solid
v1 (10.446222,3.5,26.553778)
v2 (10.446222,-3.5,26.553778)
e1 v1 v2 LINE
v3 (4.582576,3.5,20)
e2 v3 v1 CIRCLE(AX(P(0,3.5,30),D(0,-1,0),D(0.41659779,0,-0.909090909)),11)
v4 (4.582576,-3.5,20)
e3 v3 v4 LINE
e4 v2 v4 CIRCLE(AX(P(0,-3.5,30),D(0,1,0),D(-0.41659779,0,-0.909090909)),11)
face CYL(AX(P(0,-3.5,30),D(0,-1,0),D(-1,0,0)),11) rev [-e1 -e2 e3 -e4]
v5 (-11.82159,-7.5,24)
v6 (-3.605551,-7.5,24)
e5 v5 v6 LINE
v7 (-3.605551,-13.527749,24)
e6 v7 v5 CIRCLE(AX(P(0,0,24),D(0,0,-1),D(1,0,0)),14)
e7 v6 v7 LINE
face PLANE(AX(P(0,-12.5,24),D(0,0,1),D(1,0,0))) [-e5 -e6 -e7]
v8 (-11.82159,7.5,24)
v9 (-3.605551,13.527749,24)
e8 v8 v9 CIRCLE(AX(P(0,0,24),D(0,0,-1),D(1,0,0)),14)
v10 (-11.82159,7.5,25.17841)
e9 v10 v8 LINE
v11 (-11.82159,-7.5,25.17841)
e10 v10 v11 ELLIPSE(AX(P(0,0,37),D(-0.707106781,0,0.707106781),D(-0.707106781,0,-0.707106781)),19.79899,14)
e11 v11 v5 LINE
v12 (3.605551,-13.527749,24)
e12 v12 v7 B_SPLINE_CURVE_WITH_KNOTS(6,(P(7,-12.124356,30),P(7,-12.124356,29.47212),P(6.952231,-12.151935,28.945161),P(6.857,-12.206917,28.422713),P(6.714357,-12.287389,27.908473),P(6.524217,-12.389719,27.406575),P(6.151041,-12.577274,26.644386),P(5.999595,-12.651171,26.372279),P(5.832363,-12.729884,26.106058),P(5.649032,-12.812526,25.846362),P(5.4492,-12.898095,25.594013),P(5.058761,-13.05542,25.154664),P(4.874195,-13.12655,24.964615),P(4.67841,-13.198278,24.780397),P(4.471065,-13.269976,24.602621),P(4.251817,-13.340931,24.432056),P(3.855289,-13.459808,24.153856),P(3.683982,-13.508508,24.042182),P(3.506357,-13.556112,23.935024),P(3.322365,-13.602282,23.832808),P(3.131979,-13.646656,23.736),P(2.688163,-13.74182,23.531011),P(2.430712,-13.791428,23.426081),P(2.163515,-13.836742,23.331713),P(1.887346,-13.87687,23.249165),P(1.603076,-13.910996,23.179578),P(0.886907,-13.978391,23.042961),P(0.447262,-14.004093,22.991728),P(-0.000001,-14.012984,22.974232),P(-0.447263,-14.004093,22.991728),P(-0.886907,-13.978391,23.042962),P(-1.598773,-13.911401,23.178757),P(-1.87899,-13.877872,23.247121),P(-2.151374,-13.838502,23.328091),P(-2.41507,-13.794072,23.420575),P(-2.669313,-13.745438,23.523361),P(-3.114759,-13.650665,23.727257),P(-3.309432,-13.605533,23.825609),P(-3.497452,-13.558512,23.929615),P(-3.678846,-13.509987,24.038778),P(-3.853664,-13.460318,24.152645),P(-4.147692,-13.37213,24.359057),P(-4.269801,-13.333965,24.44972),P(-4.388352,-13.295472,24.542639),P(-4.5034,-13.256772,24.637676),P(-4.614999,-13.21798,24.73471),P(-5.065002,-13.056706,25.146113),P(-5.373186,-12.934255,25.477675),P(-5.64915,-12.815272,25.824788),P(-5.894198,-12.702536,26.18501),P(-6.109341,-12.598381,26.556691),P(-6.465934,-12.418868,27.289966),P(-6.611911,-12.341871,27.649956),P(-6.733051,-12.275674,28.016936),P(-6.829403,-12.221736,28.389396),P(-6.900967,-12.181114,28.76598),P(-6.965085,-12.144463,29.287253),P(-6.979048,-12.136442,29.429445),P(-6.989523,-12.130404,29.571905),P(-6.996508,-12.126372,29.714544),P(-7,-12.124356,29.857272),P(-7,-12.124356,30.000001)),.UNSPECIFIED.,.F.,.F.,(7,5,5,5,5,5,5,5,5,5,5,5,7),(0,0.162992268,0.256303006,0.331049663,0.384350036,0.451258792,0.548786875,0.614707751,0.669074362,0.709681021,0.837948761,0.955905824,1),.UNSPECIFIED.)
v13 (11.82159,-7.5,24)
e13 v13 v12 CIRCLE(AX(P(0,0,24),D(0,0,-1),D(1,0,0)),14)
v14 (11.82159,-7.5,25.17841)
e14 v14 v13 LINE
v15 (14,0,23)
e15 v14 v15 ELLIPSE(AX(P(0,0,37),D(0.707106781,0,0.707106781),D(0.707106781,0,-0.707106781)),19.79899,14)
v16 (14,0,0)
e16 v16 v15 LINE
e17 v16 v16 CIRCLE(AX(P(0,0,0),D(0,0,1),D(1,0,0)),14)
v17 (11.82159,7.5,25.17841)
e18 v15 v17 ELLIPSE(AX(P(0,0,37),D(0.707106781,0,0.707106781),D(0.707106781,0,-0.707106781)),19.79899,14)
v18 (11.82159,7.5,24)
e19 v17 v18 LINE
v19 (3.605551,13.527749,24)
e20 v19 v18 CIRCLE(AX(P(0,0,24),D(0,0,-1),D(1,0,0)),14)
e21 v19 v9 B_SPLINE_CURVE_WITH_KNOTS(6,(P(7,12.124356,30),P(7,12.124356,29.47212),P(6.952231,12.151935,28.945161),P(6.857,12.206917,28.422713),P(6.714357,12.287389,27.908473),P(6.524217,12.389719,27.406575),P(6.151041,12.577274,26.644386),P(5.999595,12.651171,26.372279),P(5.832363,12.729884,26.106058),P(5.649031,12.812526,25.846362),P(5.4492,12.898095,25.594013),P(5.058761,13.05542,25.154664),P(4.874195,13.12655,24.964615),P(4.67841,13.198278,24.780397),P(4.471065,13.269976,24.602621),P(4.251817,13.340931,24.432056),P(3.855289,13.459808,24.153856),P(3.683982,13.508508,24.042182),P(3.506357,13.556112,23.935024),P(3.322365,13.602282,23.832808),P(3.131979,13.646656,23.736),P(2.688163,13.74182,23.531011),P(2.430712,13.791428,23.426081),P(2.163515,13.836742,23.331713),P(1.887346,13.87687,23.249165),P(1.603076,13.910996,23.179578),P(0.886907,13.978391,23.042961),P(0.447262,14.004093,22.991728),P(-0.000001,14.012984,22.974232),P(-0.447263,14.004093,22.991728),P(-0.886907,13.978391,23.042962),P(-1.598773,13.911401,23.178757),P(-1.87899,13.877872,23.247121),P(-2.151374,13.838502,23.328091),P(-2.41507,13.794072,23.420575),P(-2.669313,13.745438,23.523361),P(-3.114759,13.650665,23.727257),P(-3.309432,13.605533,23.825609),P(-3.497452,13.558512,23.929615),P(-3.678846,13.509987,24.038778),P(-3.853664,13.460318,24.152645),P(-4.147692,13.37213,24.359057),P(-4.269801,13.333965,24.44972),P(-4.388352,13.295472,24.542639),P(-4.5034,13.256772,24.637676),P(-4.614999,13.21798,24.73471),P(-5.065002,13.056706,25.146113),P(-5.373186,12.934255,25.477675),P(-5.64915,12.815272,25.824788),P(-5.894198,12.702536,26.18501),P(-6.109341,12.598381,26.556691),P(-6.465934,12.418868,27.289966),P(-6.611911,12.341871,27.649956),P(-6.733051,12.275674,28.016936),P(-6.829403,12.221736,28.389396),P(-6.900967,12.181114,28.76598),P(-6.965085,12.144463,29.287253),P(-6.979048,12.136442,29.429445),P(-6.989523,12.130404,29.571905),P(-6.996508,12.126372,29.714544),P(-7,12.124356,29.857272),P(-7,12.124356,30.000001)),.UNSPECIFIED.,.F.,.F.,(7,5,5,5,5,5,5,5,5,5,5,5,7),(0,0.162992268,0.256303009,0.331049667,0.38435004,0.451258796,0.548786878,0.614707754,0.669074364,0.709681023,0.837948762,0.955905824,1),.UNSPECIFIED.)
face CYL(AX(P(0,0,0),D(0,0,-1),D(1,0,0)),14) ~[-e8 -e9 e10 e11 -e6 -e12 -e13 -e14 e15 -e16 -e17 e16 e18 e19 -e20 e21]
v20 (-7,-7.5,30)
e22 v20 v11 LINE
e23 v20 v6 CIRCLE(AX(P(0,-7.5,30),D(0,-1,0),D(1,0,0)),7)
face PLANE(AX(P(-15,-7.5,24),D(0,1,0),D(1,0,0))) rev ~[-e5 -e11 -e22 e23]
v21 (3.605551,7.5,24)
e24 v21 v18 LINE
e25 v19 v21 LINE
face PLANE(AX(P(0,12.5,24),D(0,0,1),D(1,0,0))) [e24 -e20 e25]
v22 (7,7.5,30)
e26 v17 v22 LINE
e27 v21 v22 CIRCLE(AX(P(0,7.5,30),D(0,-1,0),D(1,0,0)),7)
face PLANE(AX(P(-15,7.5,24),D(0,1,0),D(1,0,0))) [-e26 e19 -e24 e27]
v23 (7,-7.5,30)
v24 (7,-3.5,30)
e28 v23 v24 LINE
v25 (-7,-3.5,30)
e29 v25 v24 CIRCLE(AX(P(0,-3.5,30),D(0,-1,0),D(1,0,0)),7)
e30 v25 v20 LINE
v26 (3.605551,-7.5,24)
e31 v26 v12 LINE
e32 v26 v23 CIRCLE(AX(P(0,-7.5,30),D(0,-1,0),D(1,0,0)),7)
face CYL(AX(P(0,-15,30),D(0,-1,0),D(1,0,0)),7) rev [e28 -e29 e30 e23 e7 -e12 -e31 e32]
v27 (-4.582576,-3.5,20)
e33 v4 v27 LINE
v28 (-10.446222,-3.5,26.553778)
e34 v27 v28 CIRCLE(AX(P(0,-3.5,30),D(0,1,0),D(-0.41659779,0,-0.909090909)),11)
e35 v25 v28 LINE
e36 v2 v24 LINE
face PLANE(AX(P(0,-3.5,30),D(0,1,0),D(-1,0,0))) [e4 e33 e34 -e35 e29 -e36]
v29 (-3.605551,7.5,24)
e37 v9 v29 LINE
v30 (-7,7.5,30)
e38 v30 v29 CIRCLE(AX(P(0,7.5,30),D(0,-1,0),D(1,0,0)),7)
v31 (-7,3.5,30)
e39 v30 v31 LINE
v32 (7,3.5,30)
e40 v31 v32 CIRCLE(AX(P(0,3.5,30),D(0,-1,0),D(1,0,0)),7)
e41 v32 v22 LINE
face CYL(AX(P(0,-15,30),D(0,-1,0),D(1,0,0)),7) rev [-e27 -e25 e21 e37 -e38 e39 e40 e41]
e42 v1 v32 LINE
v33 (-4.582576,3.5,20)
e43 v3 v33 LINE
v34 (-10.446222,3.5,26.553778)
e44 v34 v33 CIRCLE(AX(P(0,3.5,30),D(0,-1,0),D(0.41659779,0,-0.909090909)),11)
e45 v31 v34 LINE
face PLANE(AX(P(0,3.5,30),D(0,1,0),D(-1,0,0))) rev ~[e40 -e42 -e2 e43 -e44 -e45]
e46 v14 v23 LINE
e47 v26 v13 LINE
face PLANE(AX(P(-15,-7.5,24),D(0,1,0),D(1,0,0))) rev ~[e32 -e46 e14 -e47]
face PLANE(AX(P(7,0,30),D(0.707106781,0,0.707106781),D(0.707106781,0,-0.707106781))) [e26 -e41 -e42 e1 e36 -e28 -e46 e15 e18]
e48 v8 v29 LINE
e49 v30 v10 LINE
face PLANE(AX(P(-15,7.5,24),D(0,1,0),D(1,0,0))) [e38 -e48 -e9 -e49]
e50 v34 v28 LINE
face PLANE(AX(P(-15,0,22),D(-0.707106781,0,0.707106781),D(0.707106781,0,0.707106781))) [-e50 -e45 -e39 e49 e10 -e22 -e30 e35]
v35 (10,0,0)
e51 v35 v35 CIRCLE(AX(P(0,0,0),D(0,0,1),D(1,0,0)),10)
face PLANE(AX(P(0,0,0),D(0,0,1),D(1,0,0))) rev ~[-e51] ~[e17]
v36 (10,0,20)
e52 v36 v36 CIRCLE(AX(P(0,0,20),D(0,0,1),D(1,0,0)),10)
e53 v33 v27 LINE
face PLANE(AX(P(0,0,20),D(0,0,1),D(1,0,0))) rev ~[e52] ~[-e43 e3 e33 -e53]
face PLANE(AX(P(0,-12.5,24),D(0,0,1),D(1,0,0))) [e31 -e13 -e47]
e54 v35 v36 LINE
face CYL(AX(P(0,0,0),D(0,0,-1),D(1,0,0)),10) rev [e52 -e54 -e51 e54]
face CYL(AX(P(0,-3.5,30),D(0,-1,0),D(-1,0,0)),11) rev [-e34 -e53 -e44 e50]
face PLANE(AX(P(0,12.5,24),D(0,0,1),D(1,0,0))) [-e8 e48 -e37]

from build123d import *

# Parameters (mm, degrees)
CYLINDER001_R               = 11
CYLINDER001_DEPTH           = 7
CYLINDER001_ROLL_ANGLE      = 90
CYLINDER001_PLACEMENT_ANGLE = 180
CYLINDER003_R               = 7
CYLINDER003_DEPTH           = 30
CYLINDER003_ROLL_ANGLE      = -90
BOX001_W                    = 30
BOX001_H                    = 10
BOX001_DEPTH                = 6
BOX002_W                    = 30
BOX002_H                    = 10
BOX002_DEPTH                = 6
CYLINDER_R                  = 10
CYLINDER_DEPTH              = 20
PAD001_DEPTH                = 14
PAD001_DEPTH_BACK           = -14
CYLINDER002_R               = 14
CYLINDER002_DEPTH           = 30


with BuildPart() as bearing:
    # Cylinder001 → Cylinder001 (new body)
    with BuildSketch(Plane.XY):
        Circle(CYLINDER001_R)
    extrude(amount=CYLINDER001_DEPTH)


with BuildPart() as bearing_1:
    # Cylinder001 roll: moved
    add(bearing.part.rotate(Axis((0, 0, 0), (1, 0, 0)), CYLINDER001_ROLL_ANGLE))


with BuildPart() as bearing_2:
    # Cylinder001 placement: moved
    add(bearing_1.part.moved(Location((0, -3.5, 30))).rotate(Axis((0, -3.5, 30), (0, 0, 1)), CYLINDER001_PLACEMENT_ANGLE))


with BuildPart() as cylinder001:
    # Cylinder003 → Cylinder003 (new body)
    with BuildSketch(Plane.XY):
        Circle(CYLINDER003_R)
    extrude(amount=CYLINDER003_DEPTH)


with BuildPart() as cylinder001_1:
    # Cylinder003 roll: moved
    add(cylinder001.part.rotate(Axis((0, 0, 0), (1, 0, 0)), CYLINDER003_ROLL_ANGLE))


with BuildPart() as cylinder001_2:
    # Cylinder003 placement: moved
    add(cylinder001_1.part.moved(Location((0, -15, 30))))


with BuildPart() as cube001:
    # Box001 → Box001 (new body)
    with BuildSketch(Plane(origin=(-15, -17.5, 24), x_dir=(1, 0, 0), z_dir=(0, 0, 1))):
        with Locations((15, 5)):
            Rectangle(BOX001_W, BOX001_H)
    extrude(amount=BOX001_DEPTH)


with BuildPart() as cube002:
    # Box002 → Box002 (new body)
    with BuildSketch(Plane(origin=(-15, 7.5, 24), x_dir=(1, 0, 0), z_dir=(0, 0, 1))):
        with Locations((15, 5)):
            Rectangle(BOX002_W, BOX002_H)
    extrude(amount=BOX002_DEPTH)


with BuildPart() as negative_fusion:
    # Cylinder → Cylinder (new body)
    with BuildSketch(Plane.XY):
        Circle(CYLINDER_R)
    extrude(amount=CYLINDER_DEPTH)

    # Fusion: union Bearing, Cylinder001, Cube001, Cube002
    add(bearing_2.part)
    add(cylinder001_2.part)
    add(cube001.part)
    add(cube002.part)


with BuildPart() as body001:
    # Sketch001 → Pad001 (new body, two sides)
    with BuildSketch(Plane.XZ) as pad001_sk:
        Polygon((-7, 0), (7, 0), (15, -8), (15, -30), (-15, -30), (-15, -8), align=None)
    extrude(amount=-PAD001_DEPTH)
    extrude(pad001_sk.sketch, amount=-PAD001_DEPTH_BACK)


with BuildPart() as body001_1:
    # Body001 placement: moved
    add(body001.part.moved(Location((0, 0, 30))))


with BuildPart() as cut:
    # Cylinder002 → Cylinder002 (new body)
    with BuildSketch(Plane.XY):
        Circle(CYLINDER002_R)
    extrude(amount=CYLINDER002_DEPTH)

    # Common: intersect Body001
    add(body001_1.part, mode=Mode.INTERSECT)

    # Cut: cut Negative Fusion
    add(negative_fusion.part, mode=Mode.SUBTRACT)


solid = cut.part
